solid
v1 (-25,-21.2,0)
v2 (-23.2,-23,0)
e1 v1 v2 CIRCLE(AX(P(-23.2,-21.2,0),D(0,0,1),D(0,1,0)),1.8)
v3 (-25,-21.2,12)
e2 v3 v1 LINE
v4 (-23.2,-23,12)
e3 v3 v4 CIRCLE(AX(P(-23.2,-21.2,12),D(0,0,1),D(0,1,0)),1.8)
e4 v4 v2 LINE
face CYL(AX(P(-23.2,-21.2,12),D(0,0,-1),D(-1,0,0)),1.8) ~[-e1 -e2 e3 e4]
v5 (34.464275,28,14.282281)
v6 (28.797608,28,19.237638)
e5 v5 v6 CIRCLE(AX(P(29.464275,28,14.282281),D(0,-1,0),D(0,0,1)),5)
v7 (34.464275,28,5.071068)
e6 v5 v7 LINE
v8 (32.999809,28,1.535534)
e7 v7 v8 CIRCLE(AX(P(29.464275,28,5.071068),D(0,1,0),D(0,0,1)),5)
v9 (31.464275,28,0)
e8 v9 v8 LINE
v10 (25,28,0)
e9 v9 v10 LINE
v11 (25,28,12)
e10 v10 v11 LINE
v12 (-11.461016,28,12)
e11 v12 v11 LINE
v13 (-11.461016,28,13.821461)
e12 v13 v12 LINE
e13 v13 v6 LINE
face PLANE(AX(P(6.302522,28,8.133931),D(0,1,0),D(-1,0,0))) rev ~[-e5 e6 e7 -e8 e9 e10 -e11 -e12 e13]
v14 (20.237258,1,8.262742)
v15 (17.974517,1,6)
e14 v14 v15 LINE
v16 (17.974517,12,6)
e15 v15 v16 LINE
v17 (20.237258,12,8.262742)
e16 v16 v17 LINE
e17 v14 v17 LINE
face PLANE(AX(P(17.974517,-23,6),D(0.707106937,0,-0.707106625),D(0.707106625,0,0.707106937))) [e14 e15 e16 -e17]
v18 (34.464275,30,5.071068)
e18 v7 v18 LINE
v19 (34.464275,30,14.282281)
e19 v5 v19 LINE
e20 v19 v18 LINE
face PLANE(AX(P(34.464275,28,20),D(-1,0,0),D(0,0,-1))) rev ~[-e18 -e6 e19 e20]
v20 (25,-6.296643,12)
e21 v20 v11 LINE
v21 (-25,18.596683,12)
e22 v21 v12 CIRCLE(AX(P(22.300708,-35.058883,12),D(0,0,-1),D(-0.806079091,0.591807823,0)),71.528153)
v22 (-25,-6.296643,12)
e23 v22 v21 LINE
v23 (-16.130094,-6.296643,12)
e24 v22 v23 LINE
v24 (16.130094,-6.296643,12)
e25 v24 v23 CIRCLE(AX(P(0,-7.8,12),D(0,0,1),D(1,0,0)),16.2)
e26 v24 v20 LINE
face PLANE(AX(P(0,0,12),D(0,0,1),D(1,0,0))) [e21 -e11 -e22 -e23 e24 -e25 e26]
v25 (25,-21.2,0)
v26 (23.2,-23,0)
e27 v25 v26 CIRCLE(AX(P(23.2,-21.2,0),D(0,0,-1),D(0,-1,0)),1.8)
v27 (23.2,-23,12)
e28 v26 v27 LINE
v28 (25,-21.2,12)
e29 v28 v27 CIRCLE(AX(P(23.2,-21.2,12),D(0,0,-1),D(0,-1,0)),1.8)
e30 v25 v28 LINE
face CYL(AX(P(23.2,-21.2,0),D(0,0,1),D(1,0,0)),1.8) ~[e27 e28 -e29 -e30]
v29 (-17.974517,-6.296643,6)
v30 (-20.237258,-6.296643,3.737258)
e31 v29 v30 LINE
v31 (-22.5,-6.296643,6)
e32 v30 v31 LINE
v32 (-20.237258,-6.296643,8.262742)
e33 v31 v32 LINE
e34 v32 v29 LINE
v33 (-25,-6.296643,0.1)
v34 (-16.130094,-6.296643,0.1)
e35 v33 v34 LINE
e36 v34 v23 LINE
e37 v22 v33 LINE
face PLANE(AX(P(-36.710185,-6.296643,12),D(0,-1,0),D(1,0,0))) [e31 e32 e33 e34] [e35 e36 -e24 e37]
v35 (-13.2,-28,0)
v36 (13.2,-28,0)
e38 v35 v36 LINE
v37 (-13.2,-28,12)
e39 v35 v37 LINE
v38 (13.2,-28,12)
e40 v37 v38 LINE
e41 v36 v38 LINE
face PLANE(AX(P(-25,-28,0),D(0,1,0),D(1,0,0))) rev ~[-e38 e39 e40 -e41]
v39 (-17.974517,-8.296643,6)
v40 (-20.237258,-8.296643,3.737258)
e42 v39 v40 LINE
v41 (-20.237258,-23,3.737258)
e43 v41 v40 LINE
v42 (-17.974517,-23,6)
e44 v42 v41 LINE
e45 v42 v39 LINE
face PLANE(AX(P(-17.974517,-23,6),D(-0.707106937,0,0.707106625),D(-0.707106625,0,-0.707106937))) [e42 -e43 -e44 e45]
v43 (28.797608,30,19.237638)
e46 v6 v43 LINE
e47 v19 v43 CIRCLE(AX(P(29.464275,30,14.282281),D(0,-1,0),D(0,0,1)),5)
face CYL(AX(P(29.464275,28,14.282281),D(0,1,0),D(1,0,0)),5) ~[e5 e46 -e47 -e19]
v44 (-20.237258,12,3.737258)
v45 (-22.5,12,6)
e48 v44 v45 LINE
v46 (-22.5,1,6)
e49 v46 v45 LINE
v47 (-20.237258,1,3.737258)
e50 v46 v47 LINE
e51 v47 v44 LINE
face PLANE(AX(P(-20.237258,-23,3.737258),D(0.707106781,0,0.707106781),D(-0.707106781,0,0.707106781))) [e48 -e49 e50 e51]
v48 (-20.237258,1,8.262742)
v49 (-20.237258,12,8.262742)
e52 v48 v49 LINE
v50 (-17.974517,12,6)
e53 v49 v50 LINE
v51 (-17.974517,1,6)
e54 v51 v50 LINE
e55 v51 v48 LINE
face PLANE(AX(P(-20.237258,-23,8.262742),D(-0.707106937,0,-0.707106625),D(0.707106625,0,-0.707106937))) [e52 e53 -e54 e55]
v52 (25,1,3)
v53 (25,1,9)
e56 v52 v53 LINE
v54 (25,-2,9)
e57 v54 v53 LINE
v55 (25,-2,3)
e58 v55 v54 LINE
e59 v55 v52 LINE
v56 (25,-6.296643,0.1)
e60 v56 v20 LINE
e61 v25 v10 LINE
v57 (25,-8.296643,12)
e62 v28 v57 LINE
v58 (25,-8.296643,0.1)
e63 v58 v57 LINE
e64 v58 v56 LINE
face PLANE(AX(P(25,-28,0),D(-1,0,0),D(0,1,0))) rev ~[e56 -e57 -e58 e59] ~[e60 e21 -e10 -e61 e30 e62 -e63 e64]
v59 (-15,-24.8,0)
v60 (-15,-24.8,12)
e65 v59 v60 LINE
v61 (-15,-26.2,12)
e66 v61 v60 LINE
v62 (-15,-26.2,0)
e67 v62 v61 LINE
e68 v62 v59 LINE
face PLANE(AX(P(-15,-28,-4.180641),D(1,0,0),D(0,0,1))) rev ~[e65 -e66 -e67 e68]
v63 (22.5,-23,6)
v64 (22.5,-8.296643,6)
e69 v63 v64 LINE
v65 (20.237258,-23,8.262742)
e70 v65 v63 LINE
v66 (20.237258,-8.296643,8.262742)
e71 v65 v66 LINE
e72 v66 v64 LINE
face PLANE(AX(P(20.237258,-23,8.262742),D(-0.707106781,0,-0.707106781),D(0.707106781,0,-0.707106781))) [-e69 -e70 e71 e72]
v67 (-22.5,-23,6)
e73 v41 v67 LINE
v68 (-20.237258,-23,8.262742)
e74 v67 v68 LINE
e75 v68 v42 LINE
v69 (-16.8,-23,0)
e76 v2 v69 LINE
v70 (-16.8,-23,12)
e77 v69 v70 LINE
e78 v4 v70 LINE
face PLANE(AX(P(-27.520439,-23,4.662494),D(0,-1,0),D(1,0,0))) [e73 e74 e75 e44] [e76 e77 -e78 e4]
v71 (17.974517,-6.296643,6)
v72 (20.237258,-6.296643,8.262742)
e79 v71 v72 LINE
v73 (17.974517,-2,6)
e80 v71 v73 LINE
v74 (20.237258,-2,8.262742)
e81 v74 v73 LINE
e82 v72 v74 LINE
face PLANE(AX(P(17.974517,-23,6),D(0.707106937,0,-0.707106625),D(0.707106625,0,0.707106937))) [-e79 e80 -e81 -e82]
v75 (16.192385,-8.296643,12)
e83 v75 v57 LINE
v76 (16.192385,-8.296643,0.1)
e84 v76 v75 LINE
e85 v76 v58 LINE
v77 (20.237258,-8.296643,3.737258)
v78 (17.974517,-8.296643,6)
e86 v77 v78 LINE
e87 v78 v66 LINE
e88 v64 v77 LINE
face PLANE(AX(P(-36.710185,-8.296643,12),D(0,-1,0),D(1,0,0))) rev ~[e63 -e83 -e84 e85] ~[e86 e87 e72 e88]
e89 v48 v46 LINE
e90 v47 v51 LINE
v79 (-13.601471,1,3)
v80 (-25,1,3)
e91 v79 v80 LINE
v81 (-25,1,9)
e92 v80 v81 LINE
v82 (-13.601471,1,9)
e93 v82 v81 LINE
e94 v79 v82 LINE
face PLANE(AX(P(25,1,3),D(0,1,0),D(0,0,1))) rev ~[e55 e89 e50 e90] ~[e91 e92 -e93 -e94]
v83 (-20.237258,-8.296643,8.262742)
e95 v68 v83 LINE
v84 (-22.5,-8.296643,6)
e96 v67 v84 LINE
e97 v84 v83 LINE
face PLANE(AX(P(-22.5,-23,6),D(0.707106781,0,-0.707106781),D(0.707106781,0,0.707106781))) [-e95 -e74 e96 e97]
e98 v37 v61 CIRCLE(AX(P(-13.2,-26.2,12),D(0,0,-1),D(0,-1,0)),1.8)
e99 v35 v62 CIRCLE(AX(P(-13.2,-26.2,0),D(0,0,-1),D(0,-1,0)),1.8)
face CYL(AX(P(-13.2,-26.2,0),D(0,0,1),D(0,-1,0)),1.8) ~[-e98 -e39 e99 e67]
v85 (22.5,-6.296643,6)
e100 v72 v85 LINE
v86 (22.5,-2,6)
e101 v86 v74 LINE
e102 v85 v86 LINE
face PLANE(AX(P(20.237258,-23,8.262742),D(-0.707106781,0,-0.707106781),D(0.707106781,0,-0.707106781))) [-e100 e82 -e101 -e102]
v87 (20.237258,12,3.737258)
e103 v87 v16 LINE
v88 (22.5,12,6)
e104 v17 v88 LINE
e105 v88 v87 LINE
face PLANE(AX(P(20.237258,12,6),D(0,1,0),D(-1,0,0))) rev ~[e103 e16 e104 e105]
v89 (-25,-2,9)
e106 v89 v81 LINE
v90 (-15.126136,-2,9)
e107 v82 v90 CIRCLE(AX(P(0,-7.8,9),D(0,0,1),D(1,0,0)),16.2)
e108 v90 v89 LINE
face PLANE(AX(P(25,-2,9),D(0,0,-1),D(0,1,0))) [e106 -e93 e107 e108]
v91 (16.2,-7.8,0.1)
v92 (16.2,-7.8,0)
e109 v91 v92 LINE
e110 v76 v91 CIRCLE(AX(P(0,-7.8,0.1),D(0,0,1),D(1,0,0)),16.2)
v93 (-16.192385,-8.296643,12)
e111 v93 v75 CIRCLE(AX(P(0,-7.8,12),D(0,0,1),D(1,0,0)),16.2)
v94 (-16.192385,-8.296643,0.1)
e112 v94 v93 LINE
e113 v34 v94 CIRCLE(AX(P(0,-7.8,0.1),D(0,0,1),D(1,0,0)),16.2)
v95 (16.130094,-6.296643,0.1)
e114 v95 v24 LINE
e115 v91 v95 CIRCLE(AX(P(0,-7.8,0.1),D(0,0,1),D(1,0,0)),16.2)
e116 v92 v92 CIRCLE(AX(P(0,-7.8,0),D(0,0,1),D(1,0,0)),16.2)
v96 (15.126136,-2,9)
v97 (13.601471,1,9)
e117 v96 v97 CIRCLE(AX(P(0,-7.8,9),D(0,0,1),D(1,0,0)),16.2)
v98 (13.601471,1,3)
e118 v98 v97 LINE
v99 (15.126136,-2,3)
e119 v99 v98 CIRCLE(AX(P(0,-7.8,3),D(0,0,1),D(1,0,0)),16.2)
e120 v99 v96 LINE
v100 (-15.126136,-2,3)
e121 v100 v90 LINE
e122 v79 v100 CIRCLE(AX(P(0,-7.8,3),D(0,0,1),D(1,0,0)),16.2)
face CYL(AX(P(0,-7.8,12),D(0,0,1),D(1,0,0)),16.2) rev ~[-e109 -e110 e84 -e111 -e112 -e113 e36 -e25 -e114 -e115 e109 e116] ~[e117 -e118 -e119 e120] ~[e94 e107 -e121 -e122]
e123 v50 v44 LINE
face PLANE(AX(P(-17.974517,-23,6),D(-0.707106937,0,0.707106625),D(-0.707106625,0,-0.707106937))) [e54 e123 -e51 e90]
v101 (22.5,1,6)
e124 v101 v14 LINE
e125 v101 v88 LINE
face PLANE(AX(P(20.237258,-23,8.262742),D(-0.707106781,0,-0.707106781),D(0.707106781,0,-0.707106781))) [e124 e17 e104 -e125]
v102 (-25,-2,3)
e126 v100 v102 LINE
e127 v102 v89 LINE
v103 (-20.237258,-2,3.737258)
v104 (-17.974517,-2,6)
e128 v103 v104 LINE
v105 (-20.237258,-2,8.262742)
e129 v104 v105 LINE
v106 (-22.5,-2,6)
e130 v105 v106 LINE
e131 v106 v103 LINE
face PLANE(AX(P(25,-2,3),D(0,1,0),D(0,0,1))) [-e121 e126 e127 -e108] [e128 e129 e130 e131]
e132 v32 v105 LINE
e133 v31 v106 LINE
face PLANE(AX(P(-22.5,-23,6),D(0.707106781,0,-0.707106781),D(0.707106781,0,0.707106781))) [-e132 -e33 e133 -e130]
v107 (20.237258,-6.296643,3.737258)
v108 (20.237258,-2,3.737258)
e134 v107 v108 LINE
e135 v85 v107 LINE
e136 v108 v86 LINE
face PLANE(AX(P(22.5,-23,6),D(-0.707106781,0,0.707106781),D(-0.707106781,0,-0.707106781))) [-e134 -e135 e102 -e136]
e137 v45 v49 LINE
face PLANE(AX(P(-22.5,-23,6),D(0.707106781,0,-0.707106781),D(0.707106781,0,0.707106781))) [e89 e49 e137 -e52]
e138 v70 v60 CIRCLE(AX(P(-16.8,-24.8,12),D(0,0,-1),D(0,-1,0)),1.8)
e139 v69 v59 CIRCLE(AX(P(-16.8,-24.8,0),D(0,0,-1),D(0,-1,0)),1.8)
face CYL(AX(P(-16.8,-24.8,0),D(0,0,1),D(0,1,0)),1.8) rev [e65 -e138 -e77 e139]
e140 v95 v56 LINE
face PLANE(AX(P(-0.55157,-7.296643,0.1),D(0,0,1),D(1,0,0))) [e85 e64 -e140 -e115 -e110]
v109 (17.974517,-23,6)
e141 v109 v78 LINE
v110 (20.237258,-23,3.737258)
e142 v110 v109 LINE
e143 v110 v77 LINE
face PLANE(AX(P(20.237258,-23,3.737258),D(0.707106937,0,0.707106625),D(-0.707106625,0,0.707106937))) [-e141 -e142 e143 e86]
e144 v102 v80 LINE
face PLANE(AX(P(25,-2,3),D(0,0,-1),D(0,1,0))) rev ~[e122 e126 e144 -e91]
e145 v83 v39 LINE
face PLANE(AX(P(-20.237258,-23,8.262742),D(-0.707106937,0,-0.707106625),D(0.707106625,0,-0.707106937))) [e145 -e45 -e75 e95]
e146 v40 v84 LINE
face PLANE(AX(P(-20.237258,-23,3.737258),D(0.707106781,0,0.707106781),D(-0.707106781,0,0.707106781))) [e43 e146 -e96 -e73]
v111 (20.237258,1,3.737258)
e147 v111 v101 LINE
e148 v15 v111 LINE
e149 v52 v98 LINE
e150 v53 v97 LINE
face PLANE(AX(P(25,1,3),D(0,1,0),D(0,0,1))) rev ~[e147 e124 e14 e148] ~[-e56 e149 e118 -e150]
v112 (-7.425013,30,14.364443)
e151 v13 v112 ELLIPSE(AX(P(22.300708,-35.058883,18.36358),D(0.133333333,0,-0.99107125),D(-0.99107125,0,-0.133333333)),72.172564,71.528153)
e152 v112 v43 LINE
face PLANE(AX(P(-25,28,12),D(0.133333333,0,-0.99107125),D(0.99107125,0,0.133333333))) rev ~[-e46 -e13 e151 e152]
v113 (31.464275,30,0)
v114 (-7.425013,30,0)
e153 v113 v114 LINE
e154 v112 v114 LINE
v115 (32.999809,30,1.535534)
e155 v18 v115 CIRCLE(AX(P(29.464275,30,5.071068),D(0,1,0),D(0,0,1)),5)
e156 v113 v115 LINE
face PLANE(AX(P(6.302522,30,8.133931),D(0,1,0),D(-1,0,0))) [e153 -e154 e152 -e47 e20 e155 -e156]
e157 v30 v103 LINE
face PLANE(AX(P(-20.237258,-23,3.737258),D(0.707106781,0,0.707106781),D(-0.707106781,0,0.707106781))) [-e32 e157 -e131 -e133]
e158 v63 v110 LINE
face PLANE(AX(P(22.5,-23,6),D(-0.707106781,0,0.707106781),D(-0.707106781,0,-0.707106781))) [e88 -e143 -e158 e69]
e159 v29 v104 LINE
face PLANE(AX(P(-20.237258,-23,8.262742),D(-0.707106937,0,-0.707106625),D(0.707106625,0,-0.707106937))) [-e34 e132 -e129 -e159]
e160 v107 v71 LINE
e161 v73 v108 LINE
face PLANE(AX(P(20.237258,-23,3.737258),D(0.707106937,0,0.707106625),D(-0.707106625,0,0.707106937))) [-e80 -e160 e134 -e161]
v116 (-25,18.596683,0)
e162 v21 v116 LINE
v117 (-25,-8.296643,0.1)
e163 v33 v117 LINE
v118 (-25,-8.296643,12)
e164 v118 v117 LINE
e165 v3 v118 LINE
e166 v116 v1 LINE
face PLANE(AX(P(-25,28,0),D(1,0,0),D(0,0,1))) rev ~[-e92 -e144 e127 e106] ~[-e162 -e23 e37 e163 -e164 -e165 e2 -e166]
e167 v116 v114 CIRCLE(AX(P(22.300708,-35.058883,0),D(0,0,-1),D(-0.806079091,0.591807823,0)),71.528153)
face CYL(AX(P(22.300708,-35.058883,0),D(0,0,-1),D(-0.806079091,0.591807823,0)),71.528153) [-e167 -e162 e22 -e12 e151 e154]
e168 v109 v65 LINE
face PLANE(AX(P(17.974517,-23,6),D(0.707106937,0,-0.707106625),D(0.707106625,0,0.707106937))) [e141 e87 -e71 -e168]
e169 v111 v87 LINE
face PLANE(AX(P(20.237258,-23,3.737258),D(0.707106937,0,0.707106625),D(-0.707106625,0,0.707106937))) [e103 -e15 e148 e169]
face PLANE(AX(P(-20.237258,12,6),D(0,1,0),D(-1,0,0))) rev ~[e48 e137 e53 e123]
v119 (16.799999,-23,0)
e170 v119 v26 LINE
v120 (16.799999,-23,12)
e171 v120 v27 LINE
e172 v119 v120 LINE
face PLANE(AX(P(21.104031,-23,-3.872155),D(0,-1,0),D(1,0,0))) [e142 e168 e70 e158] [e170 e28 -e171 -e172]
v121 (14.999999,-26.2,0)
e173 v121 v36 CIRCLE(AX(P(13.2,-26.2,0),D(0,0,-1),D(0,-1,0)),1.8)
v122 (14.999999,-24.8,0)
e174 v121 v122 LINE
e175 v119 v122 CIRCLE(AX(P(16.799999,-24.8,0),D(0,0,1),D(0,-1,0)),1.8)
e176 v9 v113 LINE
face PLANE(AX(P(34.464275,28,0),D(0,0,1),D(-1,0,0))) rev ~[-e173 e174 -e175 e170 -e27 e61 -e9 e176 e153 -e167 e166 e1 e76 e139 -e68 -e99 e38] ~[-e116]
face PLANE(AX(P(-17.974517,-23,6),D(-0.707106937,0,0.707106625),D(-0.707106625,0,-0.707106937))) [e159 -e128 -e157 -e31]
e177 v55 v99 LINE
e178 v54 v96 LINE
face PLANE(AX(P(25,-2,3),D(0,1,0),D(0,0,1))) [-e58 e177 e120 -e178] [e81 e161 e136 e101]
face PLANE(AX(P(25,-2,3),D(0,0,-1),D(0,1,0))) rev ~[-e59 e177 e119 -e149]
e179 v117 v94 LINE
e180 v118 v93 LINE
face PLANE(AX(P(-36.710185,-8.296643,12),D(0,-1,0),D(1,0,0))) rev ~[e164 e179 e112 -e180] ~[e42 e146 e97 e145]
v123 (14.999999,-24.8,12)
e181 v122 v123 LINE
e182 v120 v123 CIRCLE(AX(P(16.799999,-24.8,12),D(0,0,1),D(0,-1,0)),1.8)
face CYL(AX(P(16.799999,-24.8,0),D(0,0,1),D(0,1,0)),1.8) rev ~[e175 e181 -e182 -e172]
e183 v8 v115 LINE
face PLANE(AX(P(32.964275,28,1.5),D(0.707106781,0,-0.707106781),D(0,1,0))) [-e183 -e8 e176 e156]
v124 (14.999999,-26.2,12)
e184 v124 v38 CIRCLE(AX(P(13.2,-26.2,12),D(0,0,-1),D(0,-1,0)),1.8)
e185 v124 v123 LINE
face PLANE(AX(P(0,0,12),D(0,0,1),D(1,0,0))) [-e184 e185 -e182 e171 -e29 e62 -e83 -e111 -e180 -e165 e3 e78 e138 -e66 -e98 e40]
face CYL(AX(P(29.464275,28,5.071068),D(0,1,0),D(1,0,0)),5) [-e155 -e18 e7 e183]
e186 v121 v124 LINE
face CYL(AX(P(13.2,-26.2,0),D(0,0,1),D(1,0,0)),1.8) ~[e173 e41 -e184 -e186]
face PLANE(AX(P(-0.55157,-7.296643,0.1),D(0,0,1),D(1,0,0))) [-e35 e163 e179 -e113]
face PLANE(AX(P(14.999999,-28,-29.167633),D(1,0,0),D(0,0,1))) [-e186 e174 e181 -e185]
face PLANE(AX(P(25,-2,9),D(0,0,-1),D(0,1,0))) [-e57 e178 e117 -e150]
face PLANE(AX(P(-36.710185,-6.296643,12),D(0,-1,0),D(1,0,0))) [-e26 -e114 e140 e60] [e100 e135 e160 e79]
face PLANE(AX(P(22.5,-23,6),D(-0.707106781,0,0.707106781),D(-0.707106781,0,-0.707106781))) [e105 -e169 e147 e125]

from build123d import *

# Parameters (mm, degrees)
SKETCH_W        = 50
SKETCH_H        = 56
PAD_DEPTH       = 12
SKETCH001_R     = 16.2
POCKET_DEPTH    = 12.001
PAD001_DEPTH    = 2
SKETCH004_W     = 72.31723
SKETCH004_H     = 2
POCKET001_DEPTH = 11.9
SKETCH005_W     = 25.040878
SKETCH005_H     = 17.68627
SKETCH005_W_2   = 12.208063
SKETCH005_H_2   = 50.590956
POCKET002_DEPTH = 5
SKETCH003_W     = 3
SKETCH003_H     = 6
POCKET003_DEPTH = 50.001
POCKET004_DEPTH = 35
FILLET_R        = 1.8
POCKET005_DEPTH = 20.001
CHAMFER_SIZE    = 3
FILLET001_R     = 5
FILLET002_R     = 5


with BuildPart() as part:
    # Sketch → Pad (new body)
    with BuildSketch(Plane.XY):
        Rectangle(SKETCH_W, SKETCH_H)
    extrude(amount=PAD_DEPTH)

    # Sketch001 → Pocket (cut, through all)
    with BuildSketch(Plane.XY.offset(12)):
        with Locations((0, -7.8)):
            Circle(SKETCH001_R)
    extrude(amount=-POCKET_DEPTH, mode=Mode.SUBTRACT)

    # Sketch009 → Pad001 (new body)
    with BuildSketch(Plane(origin=(0, 28, 0), x_dir=(-1, 0, 0), z_dir=(0, 1, 0))):
        Polygon((25, 12), (-34.464275, 20), (-34.464275, 0), (25, 0), align=None)
    extrude(amount=PAD001_DEPTH)

    # Sketch004 → Pocket001 (cut)
    with BuildSketch(Plane.XY.offset(12)):
        with Locations((-0.55157, -7.296643)):
            Rectangle(SKETCH004_W, SKETCH004_H)
    extrude(amount=-POCKET001_DEPTH, mode=Mode.SUBTRACT)

    # Sketch005 → Pocket002 (cut)
    with BuildSketch(Plane.XZ.offset(28)):
        with Locations((-27.520439, 4.662494)):
            Rectangle(SKETCH005_W, SKETCH005_H)
        with Locations((21.104031, -3.872155)):
            Rectangle(SKETCH005_W_2, SKETCH005_H_2)
    extrude(amount=-POCKET002_DEPTH, mode=Mode.SUBTRACT)

    # Sketch003 → Pocket003 (cut, through all)
    with BuildSketch(Plane.YZ.offset(25)):
        with Locations((-0.5, 6)):
            Rectangle(SKETCH003_W, SKETCH003_H)
    extrude(amount=-POCKET003_DEPTH, mode=Mode.SUBTRACT)

    # Sketch002 → Pocket004 (cut)
    with BuildSketch(Plane.XZ.offset(23)):
        Polygon((-22.5, 6), (-20.237258, 8.262742), (-17.974517, 6), (-20.237258, 3.737258), align=None)
        Polygon((17.974517, 6), (20.237258, 8.262742), (22.5, 6), (20.237258, 3.737258), align=None)
    extrude(amount=-POCKET004_DEPTH, mode=Mode.SUBTRACT)

    # Fillet
    fillet_edges = [part.edges().sort_by_distance(p)[0] for p in [
        (15, -28, 6),
        (15, -23, 6),
        (25, -23, 6),
        (-15, -28, 6),
        (-15, -23, 6),
        (-25, -23, 6),
    ]]
    fillet(fillet_edges, radius=FILLET_R)

    # Sketch010 → Pocket005 (cut, through all)
    with BuildSketch(Plane(origin=(0, 0, 0), x_dir=(1, 0, 0), z_dir=(0, 0, -1))):
        with BuildLine():
            ThreePointArc((-35.356641, -7.272038), (-13.77578, -26.704891), (13.751946, -35.956576))
            Line((13.751946, -35.956576), (-64.830559, -41.48777))
            Line((-64.830559, -41.48777), (-35.356641, -7.272038))
        make_face()
    extrude(amount=-POCKET005_DEPTH, mode=Mode.SUBTRACT)

    # Chamfer
    chamfer_edges = [part.edges().sort_by_distance(p)[0] for p in [
        (34.464275, 29, 0),
    ]]
    chamfer(chamfer_edges, length=CHAMFER_SIZE)

    # Fillet001
    fillet001_edges = [part.edges().sort_by_distance(p)[0] for p in [
        (34.464275, 29, 20),
    ]]
    fillet(fillet001_edges, radius=FILLET001_R)

    # Fillet002
    fillet002_edges = [part.edges().sort_by_distance(p)[0] for p in [
        (34.464275, 29, 3),
    ]]
    fillet(fillet002_edges, radius=FILLET002_R)


solid = part.part
